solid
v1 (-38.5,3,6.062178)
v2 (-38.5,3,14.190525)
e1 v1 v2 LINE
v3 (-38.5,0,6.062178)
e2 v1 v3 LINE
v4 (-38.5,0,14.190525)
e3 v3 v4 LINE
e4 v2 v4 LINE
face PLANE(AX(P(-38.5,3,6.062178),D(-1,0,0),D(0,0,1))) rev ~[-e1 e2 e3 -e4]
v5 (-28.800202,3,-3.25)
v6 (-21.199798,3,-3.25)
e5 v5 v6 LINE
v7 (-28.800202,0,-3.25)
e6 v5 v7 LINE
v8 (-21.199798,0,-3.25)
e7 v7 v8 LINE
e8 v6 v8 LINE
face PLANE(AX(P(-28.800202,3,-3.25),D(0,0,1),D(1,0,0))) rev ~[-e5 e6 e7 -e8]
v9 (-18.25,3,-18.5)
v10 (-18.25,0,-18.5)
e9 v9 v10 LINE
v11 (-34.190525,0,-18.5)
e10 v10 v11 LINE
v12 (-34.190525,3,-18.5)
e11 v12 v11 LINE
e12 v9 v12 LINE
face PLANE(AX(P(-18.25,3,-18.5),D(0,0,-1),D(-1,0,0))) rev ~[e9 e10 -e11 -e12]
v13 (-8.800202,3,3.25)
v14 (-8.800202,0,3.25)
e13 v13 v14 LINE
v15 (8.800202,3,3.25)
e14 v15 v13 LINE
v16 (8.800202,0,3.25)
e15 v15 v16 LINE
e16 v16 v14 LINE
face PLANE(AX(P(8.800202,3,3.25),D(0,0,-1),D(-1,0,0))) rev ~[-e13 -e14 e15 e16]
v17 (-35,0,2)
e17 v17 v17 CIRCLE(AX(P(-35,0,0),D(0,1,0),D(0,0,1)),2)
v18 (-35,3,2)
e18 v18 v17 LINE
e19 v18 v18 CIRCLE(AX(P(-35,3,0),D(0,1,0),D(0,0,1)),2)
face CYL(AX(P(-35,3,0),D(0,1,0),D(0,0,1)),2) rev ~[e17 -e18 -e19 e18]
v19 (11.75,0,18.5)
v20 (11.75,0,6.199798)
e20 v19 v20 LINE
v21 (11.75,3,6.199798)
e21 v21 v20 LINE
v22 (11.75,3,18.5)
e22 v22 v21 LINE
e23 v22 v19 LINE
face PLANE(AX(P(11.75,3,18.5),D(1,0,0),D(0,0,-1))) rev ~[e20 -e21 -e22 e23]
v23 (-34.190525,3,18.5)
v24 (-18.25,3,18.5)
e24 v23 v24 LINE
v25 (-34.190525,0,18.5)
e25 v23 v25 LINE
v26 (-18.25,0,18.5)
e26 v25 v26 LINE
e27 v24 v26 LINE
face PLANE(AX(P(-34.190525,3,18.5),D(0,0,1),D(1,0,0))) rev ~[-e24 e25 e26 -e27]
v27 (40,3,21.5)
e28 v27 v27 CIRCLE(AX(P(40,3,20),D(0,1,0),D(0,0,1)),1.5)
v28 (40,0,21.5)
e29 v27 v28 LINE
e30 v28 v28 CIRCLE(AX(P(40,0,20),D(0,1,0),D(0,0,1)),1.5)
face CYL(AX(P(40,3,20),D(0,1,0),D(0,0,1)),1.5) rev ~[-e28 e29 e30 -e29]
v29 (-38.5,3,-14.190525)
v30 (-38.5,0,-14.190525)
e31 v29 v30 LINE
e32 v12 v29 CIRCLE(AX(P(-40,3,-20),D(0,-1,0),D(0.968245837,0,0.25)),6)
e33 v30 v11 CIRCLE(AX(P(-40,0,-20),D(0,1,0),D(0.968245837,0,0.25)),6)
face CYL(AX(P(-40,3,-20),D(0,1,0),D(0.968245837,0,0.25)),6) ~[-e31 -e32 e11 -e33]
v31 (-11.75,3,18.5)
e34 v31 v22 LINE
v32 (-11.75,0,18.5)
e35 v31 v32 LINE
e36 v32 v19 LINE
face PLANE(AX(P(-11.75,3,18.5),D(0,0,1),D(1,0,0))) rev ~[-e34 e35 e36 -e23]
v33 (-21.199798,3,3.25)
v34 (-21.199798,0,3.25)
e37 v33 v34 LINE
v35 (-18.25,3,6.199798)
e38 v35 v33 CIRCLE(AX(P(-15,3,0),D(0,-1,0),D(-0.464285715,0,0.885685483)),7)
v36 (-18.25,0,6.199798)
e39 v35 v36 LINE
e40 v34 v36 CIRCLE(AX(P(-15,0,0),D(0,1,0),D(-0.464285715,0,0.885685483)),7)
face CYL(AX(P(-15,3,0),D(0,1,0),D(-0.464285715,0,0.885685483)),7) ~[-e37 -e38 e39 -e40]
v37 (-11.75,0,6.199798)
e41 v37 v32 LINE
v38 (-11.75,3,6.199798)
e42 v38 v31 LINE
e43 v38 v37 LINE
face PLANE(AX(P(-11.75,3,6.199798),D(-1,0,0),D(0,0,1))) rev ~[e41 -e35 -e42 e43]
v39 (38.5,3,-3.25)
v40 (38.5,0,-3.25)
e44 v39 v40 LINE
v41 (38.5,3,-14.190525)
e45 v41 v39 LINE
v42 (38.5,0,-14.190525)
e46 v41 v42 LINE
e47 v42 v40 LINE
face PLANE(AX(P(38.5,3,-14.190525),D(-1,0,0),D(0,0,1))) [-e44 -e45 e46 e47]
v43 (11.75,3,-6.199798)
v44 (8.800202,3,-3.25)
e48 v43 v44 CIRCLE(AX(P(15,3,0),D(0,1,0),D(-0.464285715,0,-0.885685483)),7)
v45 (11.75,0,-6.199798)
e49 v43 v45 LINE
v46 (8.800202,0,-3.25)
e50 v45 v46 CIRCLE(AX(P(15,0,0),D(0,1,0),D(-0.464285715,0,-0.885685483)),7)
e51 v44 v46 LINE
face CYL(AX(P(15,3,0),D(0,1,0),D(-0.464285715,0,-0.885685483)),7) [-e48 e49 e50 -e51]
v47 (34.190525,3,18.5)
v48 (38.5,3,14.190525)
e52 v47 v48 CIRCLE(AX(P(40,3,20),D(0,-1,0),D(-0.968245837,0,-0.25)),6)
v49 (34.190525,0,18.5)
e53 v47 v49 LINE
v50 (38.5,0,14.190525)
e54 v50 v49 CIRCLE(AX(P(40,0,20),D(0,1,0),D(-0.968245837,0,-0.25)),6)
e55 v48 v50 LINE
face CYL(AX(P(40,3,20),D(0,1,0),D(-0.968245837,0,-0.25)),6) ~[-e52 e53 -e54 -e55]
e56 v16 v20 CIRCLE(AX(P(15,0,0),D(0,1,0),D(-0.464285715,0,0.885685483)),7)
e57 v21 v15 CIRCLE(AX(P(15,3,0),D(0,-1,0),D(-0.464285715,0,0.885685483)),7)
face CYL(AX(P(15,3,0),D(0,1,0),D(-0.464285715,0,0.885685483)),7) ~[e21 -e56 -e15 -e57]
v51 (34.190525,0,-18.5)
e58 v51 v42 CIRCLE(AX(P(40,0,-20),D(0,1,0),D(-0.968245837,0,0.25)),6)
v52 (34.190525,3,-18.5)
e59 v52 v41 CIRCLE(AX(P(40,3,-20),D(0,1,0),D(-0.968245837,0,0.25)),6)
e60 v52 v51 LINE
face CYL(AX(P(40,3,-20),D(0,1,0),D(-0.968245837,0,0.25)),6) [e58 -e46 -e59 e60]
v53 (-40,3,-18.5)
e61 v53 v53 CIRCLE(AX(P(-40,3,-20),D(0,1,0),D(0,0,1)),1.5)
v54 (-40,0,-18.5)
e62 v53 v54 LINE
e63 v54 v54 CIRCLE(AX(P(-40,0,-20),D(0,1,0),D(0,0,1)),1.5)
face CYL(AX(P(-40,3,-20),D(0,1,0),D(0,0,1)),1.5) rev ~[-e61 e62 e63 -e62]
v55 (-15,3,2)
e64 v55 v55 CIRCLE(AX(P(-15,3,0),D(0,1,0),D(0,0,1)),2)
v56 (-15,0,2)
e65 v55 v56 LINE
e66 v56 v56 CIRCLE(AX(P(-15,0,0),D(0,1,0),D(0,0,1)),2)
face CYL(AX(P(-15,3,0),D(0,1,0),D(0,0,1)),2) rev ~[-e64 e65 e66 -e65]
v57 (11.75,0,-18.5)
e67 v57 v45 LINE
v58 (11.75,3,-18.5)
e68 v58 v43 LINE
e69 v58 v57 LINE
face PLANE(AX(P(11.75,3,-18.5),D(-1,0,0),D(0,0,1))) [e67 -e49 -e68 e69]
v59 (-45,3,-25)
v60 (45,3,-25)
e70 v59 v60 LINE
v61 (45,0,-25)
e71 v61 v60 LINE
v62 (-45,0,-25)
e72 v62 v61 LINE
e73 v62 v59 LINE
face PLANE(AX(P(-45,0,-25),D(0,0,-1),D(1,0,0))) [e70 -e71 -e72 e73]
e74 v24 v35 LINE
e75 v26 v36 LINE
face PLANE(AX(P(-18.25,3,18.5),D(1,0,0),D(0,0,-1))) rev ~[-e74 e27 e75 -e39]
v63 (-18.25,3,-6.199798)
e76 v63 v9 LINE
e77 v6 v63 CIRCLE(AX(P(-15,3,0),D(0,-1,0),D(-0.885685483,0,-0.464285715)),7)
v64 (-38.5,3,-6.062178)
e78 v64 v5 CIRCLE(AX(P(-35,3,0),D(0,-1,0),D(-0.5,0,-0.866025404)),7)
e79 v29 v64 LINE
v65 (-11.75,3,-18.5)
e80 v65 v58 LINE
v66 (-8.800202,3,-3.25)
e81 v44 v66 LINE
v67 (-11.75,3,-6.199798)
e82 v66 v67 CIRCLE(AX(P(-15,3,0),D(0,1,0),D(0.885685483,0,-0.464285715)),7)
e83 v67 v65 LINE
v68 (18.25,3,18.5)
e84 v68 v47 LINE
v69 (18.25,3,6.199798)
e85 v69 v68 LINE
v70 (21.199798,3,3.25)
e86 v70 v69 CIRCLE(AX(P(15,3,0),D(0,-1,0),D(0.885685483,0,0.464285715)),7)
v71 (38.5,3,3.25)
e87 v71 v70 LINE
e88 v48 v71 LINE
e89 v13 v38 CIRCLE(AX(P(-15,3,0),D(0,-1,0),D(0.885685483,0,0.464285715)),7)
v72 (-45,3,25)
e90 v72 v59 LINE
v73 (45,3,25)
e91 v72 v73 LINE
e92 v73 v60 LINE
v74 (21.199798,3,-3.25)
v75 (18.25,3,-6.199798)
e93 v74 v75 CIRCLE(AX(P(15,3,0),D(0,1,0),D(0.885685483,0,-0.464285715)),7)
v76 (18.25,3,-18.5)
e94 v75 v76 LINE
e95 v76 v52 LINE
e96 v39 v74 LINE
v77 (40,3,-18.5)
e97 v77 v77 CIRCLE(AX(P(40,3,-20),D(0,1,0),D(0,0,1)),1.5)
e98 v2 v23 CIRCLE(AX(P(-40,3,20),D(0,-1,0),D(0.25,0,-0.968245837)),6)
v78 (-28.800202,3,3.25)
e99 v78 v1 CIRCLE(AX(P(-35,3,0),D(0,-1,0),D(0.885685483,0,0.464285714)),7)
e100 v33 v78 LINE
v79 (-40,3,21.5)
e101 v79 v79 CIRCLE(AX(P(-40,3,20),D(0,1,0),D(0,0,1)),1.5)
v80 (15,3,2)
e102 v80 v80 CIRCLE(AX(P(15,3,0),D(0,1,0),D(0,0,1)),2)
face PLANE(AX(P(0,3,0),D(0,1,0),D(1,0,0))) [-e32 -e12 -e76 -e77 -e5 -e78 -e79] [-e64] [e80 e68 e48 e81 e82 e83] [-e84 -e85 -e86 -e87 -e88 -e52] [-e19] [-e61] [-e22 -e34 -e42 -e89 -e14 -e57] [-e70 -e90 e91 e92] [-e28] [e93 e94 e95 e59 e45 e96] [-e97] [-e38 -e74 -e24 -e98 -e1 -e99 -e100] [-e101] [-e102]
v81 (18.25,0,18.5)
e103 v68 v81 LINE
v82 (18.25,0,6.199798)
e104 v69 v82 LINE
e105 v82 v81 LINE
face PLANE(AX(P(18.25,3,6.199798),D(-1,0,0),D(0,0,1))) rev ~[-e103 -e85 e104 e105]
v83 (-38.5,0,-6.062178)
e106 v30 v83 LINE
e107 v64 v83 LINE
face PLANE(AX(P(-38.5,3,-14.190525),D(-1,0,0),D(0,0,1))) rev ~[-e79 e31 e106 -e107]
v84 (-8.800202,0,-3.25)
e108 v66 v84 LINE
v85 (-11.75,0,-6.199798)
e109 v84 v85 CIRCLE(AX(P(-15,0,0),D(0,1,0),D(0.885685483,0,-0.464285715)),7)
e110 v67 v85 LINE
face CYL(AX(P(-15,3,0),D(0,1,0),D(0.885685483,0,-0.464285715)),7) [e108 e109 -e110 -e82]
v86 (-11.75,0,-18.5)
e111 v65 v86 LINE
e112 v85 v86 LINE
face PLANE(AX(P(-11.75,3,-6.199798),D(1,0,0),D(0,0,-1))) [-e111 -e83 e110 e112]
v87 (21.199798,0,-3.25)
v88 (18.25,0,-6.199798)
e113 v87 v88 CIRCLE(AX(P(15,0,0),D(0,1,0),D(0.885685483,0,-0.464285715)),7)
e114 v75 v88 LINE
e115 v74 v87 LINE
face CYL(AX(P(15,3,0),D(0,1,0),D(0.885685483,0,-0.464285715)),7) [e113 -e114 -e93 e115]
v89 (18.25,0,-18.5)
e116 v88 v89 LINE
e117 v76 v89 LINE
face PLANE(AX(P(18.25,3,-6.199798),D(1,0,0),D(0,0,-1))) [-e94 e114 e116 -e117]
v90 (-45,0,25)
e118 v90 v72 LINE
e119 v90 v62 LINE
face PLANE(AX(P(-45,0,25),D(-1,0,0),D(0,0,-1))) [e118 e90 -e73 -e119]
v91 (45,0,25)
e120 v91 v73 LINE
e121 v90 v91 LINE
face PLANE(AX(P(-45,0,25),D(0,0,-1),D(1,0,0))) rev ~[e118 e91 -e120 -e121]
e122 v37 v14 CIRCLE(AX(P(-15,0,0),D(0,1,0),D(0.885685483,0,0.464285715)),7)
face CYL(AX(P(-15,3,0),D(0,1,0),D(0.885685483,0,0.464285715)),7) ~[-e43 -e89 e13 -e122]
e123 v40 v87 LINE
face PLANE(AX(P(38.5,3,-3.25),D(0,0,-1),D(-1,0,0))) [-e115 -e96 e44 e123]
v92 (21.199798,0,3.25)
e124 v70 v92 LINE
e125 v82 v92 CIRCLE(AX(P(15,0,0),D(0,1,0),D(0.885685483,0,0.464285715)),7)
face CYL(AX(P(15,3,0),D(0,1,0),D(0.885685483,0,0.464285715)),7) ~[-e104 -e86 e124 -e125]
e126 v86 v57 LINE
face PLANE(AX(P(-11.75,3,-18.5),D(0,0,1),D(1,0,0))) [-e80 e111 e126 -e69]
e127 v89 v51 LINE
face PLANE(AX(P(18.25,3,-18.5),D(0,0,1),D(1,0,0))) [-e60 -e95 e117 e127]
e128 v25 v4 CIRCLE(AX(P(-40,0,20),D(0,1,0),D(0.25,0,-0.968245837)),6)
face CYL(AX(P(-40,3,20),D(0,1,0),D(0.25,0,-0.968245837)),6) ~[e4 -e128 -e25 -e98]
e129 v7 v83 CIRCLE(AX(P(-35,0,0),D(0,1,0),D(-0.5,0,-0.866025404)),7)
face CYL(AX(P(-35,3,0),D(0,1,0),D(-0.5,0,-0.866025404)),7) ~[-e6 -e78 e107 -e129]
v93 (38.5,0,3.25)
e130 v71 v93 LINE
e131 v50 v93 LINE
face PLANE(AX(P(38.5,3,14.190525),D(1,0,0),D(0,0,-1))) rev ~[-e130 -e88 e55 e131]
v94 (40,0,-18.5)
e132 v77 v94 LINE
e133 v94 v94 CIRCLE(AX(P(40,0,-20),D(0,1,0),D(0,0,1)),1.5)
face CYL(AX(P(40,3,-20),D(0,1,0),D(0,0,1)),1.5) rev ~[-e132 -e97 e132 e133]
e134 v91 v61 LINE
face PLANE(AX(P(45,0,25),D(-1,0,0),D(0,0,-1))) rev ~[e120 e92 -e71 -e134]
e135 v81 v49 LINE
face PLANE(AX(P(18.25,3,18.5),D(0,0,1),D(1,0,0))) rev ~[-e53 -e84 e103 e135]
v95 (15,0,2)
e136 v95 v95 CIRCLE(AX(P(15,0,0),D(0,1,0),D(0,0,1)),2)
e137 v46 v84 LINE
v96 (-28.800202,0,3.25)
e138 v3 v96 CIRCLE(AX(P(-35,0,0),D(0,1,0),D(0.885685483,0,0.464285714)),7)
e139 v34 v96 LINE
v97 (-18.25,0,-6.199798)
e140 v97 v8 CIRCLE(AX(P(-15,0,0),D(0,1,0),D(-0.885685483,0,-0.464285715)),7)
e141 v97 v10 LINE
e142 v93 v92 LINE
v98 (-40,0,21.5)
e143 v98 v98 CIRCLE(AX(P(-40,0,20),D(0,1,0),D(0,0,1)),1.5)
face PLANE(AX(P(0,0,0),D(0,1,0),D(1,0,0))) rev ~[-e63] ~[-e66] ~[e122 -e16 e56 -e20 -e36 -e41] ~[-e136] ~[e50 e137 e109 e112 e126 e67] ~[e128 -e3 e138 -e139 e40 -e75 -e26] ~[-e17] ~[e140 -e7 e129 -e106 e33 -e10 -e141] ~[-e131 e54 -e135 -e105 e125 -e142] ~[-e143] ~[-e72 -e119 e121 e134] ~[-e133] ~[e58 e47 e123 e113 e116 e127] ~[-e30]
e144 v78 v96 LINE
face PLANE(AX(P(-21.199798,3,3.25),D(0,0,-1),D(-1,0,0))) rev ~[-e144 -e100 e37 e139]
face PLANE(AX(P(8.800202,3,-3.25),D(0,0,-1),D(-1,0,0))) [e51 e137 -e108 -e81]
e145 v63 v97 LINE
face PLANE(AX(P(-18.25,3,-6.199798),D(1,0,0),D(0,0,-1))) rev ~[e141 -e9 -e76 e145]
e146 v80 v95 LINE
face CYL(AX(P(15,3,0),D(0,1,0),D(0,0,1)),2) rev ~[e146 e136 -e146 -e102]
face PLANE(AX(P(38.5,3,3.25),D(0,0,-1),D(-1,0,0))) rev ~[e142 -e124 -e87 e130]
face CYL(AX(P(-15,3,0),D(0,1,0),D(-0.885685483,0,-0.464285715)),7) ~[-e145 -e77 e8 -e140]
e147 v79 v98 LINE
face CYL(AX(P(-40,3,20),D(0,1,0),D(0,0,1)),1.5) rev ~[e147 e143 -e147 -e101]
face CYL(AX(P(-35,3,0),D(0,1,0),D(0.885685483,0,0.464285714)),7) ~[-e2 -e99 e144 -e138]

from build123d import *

# Parameters (mm, degrees)
SKETCH1_W           = 90
SKETCH1_H           = 50
BOSS_EXTRUDE1_DEPTH = 3
SKETCH3_R           = 2
CUT_EXTRUDE2_DEPTH  = 10
SKETCH2_R           = 1.5
CUT_EXTRUDE3_DEPTH  = 10


with BuildPart() as part:
    # Sketch1 → Boss-Extrude1 (new body)
    with BuildSketch(Plane(origin=(0, 0, 0), x_dir=(1, 0, 0), z_dir=(0, 1, 0))):
        Rectangle(SKETCH1_W, SKETCH1_H)
    extrude(amount=BOSS_EXTRUDE1_DEPTH)

    # Sketch3 → Cut-Extrude2 (cut)
    with BuildSketch(Plane(origin=(0, 3, 0), x_dir=(1, 0, 0), z_dir=(0, 1, 0))):
        with Locations(Location((-35, 0, 0), (0, 0, 270))):
            Circle(SKETCH3_R)
        with Locations(Location((-15, 0, 0), (0, 0, 270))):
            Circle(SKETCH3_R)
        with Locations(Location((15, 0, 0), (0, 0, 270))):
            Circle(SKETCH3_R)
    extrude(amount=-CUT_EXTRUDE2_DEPTH, mode=Mode.SUBTRACT)

    # Sketch2 → Cut-Extrude3 (cut)
    with BuildSketch(Plane(origin=(0, 3, 0), x_dir=(1, 0, 0), z_dir=(0, 1, 0))):
        with Locations(Location((-40, -20, 0), (0, 0, 270))):
            Circle(SKETCH2_R)
        with Locations(Location((40, -20, 0), (0, 0, 270))):
            Circle(SKETCH2_R)
        with Locations(Location((40, 20, 0), (0, 0, 270))):
            Circle(SKETCH2_R)
        with Locations(Location((-40, 20, 0), (0, 0, 270))):
            Circle(SKETCH2_R)
        with BuildLine():
            Line((38.5, -14.190524981), (38.5, -6.062177826))
            Line((38.5, -6.062177826), (38.5, -3.25))
            Line((38.5, -3.25), (28.800201616, -3.25))
            Line((28.800201616, -3.25), (21.199798384, -3.25))
            ThreePointArc((21.199798384, -3.25), (19.949747468, -4.949747468), (18.25, -6.199798384))
            Line((18.25, -6.199798384), (18.25, -18.5))
            Line((18.25, -18.5), (34.190524981, -18.5))
            ThreePointArc((34.190524981, -18.5), (35.757359313, -15.757359313), (38.5, -14.190524981))
        make_face()
        with BuildLine():
            Line((-34.190524981, -18.5), (-18.25, -18.5))
            Line((-18.25, -18.5), (-18.25, -6.199798384))
            ThreePointArc((-18.25, -6.199798384), (-19.949747468, -4.949747468), (-21.199798384, -3.25))
            Line((-21.199798384, -3.25), (-28.800201616, -3.25))
            ThreePointArc((-28.800201616, -3.25), (-33.05081713, -6.723145554), (-38.5, -6.062177826))
            Line((-38.5, -6.062177826), (-38.5, -14.190524981))
            ThreePointArc((-38.5, -14.190524981), (-35.757359313, -15.757359313), (-34.190524981, -18.5))
        make_face()
        with BuildLine():
            Line((38.5, 14.190524981), (38.5, 6.062177826))
            Line((38.5, 6.062177826), (38.5, 3.25))
            Line((38.5, 3.25), (28.800201616, 3.25))
            Line((28.800201616, 3.25), (21.199798384, 3.25))
            ThreePointArc((21.199798384, 3.25), (19.949747468, 4.949747468), (18.25, 6.199798384))
            Line((18.25, 6.199798384), (18.25, 18.5))
            Line((18.25, 18.5), (34.190524981, 18.5))
            ThreePointArc((34.190524981, 18.5), (35.757359313, 15.757359313), (38.5, 14.190524981))
        make_face()
        with BuildLine():
            Line((-38.5, 14.190524981), (-38.5, 6.062177826))
            ThreePointArc((-38.5, 6.062177826), (-33.05081713, 6.723145554), (-28.800201616, 3.25))
            Line((-28.800201616, 3.25), (-21.199798384, 3.25))
            ThreePointArc((-21.199798384, 3.25), (-19.949747468, 4.949747468), (-18.25, 6.199798384))
            Line((-18.25, 6.199798384), (-18.25, 18.5))
            Line((-18.25, 18.5), (-34.190524981, 18.5))
            ThreePointArc((-34.190524981, 18.5), (-35.757359313, 15.757359313), (-38.5, 14.190524981))
        make_face()
        with BuildLine():
            Line((-11.75, 18.5), (11.75, 18.5))
            Line((11.75, 18.5), (11.75, 6.199798384))
            ThreePointArc((11.75, 6.199798384), (10.050252532, 4.949747468), (8.800201616, 3.25))
            Line((8.800201616, 3.25), (-8.800201616, 3.25))
            ThreePointArc((-8.800201616, 3.25), (-10.050252532, 4.949747468), (-11.75, 6.199798384))
            Line((-11.75, 6.199798384), (-11.75, 18.5))
        make_face()
        with BuildLine():
            Line((-11.75, -18.5), (11.75, -18.5))
            Line((11.75, -18.5), (11.75, -6.199798384))
            ThreePointArc((11.75, -6.199798384), (10.050252532, -4.949747468), (8.800201616, -3.25))
            Line((8.800201616, -3.25), (-8.800201616, -3.25))
            ThreePointArc((-8.800201616, -3.25), (-10.050252532, -4.949747468), (-11.75, -6.199798384))
            Line((-11.75, -6.199798384), (-11.75, -18.5))
        make_face()
    extrude(amount=-CUT_EXTRUDE3_DEPTH, mode=Mode.SUBTRACT)


solid = part.part
